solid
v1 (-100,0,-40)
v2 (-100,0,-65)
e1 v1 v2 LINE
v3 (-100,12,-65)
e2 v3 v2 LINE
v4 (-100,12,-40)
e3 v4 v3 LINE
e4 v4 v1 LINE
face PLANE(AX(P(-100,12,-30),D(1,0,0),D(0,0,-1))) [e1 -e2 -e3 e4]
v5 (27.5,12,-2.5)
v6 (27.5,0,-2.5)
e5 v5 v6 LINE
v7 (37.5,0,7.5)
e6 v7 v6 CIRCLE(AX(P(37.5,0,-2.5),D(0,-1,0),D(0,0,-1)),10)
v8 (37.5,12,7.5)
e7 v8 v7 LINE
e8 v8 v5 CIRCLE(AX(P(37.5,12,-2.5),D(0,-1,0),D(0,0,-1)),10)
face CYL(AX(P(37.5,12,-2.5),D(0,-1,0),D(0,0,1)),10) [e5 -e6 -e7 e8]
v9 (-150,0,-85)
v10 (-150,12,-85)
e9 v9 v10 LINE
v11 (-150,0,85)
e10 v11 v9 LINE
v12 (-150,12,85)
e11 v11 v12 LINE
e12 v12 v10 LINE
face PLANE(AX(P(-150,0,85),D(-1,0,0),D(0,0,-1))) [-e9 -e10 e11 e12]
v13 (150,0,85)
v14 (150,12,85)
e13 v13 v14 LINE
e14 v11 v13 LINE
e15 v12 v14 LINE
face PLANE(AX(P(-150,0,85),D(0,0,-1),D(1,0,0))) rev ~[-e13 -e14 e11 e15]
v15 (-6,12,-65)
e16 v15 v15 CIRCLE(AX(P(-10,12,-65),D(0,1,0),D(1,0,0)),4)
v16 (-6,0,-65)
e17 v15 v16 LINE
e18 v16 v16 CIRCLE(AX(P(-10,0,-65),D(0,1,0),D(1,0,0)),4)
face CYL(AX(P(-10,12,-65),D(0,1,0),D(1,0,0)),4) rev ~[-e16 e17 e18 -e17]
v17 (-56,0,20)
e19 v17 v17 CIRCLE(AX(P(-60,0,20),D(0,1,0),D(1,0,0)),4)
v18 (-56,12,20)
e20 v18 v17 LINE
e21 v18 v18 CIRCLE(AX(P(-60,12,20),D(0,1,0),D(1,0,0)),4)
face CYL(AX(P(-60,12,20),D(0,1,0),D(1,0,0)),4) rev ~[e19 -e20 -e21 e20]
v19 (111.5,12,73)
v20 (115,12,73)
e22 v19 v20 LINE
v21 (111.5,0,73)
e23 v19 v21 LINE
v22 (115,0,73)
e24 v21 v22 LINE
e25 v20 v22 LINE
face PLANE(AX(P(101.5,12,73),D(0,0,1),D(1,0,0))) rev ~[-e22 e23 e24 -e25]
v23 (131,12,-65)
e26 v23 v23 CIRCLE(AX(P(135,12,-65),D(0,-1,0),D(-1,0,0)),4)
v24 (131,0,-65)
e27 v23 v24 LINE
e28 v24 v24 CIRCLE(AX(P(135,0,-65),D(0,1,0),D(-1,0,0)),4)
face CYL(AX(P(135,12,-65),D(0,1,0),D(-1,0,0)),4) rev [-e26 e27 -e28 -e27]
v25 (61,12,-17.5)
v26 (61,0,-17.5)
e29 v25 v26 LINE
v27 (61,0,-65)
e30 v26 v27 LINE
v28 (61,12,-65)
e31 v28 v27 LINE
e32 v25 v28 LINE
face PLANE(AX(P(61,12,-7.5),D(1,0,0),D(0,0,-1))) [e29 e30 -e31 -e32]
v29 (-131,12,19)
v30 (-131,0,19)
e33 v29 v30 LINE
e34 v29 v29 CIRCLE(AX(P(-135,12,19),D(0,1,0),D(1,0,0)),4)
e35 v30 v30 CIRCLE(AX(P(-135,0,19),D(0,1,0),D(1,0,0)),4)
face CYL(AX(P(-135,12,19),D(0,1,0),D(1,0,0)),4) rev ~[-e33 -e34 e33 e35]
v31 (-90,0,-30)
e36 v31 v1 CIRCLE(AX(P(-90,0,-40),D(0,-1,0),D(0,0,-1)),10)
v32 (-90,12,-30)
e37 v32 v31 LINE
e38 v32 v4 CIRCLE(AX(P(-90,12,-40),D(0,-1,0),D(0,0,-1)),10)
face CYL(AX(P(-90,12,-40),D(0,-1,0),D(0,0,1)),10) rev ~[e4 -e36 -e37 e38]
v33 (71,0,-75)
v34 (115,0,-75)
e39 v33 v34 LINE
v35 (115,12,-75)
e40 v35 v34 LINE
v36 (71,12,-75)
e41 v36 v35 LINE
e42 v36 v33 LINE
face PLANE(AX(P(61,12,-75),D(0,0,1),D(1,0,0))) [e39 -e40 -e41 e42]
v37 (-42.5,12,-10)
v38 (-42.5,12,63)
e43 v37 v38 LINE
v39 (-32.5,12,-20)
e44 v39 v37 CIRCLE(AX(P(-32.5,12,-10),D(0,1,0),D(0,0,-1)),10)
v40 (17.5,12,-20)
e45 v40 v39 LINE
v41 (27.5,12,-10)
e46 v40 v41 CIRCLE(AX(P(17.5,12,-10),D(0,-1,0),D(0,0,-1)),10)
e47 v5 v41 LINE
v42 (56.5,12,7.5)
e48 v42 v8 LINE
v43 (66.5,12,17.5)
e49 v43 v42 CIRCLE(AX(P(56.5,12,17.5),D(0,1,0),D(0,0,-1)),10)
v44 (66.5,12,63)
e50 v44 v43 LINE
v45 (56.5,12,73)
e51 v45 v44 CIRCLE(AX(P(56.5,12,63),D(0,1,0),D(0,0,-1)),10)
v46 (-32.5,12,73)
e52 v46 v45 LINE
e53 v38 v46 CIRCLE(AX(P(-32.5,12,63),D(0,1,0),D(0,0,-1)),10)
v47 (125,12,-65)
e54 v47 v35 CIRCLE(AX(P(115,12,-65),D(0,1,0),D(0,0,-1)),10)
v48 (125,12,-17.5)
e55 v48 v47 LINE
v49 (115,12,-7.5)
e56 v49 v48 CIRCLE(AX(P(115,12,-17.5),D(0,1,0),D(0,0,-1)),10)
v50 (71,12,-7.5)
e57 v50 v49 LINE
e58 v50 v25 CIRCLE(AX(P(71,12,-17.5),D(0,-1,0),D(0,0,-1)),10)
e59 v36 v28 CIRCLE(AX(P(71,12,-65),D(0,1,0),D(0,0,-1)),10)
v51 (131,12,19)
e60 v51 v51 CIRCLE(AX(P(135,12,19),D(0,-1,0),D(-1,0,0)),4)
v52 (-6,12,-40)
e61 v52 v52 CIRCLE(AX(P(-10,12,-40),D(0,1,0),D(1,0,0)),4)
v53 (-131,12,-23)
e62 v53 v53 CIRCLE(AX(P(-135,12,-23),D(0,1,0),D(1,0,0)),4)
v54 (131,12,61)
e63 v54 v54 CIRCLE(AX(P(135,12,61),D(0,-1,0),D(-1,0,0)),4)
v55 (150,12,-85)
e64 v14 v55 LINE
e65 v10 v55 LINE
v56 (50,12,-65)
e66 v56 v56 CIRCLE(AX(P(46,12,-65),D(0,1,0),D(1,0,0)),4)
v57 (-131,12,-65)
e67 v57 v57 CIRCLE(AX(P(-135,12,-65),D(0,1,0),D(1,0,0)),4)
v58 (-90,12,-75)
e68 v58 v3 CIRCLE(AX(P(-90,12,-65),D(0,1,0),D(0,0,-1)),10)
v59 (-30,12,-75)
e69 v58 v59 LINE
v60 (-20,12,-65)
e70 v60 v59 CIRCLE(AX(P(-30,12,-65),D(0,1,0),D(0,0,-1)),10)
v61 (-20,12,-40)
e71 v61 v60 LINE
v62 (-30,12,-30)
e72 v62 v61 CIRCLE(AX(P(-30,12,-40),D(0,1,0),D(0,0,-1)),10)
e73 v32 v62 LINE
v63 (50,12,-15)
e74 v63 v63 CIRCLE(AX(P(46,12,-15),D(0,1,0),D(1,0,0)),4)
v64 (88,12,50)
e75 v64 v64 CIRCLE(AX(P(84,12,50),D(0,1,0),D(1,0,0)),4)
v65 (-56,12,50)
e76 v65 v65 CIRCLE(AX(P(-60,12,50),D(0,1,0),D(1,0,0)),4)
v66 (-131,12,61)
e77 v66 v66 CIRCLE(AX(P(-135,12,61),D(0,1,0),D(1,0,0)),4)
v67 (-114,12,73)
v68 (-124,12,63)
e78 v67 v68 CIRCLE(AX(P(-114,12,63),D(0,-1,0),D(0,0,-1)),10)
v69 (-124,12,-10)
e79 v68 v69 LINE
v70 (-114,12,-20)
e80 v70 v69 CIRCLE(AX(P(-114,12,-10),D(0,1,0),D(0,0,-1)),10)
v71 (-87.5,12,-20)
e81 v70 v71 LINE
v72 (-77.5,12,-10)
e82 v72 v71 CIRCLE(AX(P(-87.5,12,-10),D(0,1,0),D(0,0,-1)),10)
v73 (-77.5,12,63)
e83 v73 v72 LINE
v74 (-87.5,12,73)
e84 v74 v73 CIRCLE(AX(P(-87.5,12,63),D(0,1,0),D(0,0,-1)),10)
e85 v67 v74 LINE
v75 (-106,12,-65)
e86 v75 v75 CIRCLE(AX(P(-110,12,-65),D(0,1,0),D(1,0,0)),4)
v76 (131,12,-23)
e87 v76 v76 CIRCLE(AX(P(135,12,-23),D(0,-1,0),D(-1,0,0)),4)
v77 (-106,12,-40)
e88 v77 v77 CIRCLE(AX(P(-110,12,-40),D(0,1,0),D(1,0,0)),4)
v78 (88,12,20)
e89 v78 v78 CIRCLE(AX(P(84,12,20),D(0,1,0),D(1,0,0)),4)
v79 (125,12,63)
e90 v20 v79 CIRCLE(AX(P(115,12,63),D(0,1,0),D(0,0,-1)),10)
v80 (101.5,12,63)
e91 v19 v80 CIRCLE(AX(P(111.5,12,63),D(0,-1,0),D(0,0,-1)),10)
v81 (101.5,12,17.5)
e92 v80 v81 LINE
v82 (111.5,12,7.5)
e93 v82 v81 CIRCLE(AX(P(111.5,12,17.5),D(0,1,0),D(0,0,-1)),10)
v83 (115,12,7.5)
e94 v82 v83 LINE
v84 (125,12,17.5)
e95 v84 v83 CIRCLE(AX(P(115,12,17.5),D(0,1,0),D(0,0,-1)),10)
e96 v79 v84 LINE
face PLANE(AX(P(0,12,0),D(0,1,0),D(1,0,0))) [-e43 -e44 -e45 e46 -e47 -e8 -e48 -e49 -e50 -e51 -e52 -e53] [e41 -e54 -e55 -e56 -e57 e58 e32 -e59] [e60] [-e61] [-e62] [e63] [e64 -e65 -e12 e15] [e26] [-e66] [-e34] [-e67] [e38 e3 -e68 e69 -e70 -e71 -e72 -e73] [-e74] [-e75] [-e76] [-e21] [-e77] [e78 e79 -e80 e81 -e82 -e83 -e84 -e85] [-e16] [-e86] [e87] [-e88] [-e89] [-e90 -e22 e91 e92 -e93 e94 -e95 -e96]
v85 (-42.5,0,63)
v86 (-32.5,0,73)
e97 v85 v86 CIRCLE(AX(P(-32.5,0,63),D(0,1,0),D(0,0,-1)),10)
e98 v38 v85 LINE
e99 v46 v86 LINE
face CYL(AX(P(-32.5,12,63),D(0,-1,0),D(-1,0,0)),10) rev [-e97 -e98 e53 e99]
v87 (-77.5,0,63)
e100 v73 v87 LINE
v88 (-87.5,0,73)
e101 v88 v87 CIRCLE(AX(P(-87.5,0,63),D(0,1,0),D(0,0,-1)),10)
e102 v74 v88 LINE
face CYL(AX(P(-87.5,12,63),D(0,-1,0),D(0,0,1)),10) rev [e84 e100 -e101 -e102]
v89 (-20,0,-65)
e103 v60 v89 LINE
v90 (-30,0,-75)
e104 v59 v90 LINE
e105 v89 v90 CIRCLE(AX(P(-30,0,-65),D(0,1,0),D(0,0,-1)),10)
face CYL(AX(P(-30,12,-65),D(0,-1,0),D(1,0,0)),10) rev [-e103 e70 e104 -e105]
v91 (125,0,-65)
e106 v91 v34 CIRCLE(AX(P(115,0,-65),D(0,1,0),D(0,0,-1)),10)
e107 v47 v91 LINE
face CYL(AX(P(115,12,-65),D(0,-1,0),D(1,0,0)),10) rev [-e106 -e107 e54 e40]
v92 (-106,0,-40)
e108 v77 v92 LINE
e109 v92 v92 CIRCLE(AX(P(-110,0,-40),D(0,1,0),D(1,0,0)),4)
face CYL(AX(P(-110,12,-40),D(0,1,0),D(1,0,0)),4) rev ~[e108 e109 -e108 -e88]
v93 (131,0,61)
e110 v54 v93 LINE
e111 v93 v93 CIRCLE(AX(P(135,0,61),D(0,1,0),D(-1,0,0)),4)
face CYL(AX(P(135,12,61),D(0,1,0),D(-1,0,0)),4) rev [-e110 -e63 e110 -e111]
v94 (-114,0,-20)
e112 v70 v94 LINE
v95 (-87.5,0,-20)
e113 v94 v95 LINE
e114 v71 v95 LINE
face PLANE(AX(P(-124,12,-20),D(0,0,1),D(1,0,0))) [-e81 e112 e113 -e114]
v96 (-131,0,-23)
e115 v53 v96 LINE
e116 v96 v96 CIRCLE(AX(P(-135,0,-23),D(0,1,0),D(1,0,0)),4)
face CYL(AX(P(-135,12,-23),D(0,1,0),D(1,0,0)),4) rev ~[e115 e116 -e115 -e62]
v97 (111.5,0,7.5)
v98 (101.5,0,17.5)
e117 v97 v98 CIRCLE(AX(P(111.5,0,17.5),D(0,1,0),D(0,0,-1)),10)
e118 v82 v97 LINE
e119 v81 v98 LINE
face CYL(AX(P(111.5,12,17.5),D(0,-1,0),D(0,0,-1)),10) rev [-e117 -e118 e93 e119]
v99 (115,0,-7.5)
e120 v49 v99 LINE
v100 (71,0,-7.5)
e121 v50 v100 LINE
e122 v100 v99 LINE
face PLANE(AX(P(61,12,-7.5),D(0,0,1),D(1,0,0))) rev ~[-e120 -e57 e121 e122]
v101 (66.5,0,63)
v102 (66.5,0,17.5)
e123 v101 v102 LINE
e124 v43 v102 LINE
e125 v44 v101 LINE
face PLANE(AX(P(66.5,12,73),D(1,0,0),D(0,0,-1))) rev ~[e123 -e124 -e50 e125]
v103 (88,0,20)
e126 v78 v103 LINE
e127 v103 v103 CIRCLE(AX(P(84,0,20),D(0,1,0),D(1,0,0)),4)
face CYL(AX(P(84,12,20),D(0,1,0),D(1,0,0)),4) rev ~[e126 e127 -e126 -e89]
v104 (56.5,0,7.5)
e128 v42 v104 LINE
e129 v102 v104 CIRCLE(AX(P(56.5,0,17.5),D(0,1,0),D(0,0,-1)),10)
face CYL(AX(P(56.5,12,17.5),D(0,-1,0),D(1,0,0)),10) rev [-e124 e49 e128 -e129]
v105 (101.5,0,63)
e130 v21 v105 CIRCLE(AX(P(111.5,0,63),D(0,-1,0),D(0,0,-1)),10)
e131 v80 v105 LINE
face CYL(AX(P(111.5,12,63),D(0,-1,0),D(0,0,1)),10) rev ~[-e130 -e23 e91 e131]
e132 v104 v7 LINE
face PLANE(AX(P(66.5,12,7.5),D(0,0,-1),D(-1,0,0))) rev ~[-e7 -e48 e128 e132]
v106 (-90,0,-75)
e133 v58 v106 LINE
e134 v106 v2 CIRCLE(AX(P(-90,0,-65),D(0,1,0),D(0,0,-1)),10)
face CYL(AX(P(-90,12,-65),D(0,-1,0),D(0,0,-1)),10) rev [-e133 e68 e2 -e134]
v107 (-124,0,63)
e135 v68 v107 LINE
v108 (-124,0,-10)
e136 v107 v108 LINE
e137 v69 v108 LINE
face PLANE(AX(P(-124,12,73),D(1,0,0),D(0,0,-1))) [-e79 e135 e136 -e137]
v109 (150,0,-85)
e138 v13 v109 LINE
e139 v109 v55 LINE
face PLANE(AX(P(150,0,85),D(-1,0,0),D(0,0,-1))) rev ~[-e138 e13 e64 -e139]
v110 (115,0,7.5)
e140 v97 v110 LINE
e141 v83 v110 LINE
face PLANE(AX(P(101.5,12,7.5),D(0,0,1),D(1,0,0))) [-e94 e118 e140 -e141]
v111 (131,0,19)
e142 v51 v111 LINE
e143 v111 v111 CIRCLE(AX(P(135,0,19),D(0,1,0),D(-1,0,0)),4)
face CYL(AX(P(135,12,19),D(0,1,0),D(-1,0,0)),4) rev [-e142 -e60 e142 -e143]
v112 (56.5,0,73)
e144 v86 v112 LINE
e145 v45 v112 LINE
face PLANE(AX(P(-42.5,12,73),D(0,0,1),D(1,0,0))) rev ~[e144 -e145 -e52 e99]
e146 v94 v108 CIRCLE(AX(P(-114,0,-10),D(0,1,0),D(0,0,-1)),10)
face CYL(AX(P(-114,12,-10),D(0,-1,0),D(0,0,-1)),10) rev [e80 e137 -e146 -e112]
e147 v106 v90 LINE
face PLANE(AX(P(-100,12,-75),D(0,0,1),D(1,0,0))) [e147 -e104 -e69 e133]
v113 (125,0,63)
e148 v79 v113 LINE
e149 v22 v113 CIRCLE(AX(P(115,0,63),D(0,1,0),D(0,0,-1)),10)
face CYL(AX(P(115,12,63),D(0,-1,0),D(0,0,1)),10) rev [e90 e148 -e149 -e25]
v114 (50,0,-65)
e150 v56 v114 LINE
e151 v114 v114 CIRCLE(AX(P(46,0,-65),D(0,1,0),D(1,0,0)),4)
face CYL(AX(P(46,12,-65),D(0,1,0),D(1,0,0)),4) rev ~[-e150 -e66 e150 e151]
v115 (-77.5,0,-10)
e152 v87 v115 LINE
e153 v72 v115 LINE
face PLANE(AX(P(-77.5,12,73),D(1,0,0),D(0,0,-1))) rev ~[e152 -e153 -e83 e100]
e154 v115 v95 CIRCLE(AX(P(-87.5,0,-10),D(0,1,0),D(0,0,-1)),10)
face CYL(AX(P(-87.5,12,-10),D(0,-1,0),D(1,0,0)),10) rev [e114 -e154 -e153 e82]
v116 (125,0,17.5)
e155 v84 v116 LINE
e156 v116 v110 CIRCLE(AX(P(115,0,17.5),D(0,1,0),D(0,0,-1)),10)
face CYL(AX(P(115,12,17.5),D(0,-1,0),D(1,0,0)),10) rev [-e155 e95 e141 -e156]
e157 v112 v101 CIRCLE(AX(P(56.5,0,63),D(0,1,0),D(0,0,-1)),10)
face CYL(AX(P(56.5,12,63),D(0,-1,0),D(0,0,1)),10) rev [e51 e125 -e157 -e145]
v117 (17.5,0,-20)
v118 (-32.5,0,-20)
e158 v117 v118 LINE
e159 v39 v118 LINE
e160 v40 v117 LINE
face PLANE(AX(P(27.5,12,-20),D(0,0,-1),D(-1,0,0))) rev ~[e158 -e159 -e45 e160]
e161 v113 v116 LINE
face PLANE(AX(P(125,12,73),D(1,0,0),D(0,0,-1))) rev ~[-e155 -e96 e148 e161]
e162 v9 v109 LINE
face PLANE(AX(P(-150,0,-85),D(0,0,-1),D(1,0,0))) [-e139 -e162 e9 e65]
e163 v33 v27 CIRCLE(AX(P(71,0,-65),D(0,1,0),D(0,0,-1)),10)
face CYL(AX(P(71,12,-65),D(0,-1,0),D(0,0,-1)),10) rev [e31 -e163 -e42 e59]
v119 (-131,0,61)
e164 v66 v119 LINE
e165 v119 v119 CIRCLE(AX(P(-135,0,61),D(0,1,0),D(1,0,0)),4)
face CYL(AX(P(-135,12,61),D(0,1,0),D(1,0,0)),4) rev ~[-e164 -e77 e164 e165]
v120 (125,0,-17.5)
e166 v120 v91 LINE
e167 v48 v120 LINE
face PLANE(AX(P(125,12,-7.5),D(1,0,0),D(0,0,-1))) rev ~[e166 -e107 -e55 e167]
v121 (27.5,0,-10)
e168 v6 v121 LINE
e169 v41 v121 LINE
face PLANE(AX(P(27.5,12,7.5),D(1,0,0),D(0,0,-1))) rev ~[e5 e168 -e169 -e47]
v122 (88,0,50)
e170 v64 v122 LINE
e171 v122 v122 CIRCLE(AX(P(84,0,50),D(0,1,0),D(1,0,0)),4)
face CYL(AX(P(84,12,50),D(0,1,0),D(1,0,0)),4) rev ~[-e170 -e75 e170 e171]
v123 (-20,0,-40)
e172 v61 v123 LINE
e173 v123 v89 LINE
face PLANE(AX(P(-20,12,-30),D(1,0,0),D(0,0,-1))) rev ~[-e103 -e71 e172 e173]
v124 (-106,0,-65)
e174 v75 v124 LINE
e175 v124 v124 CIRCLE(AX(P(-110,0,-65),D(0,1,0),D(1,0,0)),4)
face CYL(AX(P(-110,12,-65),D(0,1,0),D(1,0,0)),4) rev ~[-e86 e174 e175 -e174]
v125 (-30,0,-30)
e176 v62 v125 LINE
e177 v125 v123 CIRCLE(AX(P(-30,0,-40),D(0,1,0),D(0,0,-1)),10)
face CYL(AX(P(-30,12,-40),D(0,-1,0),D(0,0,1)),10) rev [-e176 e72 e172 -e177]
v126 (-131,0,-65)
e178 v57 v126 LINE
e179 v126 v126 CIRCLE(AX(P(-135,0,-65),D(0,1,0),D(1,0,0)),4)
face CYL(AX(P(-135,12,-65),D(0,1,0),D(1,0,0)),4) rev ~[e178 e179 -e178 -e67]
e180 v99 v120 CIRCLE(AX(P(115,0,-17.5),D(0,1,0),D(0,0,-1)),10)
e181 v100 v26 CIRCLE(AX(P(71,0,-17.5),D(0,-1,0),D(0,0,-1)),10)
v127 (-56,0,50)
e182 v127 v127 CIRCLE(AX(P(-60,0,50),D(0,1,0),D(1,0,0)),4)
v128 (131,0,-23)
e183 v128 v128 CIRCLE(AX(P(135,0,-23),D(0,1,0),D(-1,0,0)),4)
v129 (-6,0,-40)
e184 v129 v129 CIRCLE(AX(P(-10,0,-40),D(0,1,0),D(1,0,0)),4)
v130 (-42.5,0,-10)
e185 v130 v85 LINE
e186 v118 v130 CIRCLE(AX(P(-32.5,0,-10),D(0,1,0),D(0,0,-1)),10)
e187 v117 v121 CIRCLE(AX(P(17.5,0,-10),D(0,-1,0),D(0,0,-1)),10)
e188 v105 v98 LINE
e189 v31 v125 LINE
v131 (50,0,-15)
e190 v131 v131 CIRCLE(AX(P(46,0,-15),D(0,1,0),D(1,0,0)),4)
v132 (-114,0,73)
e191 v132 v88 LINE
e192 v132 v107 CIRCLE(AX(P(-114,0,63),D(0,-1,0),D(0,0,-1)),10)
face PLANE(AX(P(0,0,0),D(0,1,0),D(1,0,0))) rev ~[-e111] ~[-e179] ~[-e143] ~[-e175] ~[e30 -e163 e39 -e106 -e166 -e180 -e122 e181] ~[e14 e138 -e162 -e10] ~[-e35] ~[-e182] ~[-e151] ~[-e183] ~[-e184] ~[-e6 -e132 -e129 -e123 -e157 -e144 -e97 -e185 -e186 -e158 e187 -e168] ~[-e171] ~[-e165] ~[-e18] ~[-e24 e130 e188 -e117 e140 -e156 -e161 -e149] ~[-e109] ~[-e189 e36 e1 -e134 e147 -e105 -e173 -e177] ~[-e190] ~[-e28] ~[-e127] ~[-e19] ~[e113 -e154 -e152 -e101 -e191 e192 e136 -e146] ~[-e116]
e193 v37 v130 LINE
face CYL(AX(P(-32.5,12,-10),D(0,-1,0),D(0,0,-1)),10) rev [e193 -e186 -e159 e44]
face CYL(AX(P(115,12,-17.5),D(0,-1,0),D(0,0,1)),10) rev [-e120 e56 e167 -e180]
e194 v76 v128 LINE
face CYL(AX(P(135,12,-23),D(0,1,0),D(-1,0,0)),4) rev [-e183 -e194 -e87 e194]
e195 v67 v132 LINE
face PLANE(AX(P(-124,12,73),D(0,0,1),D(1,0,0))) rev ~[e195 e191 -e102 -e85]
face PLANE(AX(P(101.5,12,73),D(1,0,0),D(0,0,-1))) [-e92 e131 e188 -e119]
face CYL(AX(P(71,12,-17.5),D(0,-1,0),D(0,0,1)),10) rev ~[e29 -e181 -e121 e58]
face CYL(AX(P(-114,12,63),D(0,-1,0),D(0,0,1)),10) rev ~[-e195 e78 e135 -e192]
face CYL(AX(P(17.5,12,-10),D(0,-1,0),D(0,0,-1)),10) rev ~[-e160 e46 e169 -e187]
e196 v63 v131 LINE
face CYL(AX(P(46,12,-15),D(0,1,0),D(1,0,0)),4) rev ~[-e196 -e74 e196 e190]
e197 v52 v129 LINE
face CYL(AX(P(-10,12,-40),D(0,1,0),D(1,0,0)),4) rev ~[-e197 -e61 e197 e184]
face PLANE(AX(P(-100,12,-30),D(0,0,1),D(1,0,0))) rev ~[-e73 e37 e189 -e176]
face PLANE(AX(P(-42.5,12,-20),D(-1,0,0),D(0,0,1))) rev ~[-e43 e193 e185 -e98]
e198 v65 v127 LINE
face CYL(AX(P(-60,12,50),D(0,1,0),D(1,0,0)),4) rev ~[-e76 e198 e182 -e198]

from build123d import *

# Parameters (mm, degrees)
SKETCH1_W           = 300
SKETCH1_H           = 170
BOSS_EXTRUDE1_DEPTH = 12
SKETCH2_R           = 4
CUT_EXTRUDE1_DEPTH  = 13
SKETCH4_R           = 4
CUT_EXTRUDE2_DEPTH  = 13
SKETCH5_R           = 4
CUT_EXTRUDE3_DEPTH  = 13
SKETCH6_W           = 46.5
SKETCH6_H           = 93
SKETCH6_W_2         = 80
SKETCH6_H_2         = 45
SKETCH6_W_3         = 64
SKETCH6_H_3         = 67.5
SKETCH6_W_4         = 23.5
SKETCH6_H_4         = 65.5
CUT_EXTRUDE4_DEPTH  = 13
FILLET1_R           = 10


with BuildPart() as part:
    # Sketch1 → Boss-Extrude1 (new body)
    with BuildSketch(Plane(origin=(0, 0, 0), x_dir=(1, 0, 0), z_dir=(0, 1, 0))):
        Rectangle(SKETCH1_W, SKETCH1_H)
    extrude(amount=BOSS_EXTRUDE1_DEPTH)

    # Sketch2 → Cut-Extrude1 (cut, through all)
    with BuildSketch(Plane(origin=(0, 12, 0), x_dir=(1, 0, 0), z_dir=(0, 1, 0))):
        with Locations((-135, 65)):
            Circle(SKETCH2_R)
        with Locations((-135, 23)):
            Circle(SKETCH2_R)
        with Locations((-135, -19)):
            Circle(SKETCH2_R)
        with Locations((-135, -61)):
            Circle(SKETCH2_R)
        with Locations((-135, -103)):
            Circle(SKETCH2_R)
        with Locations((-135, -145)):
            Circle(SKETCH2_R)
    cut_extrude1 = extrude(amount=-CUT_EXTRUDE1_DEPTH, mode=Mode.SUBTRACT)

    # Mirror1: Cut-Extrude1 across plane
    add(cut_extrude1.mirror(Plane(origin=(0, 0, 0), x_dir=(0, 0, 1), z_dir=(1, 0, 0))), mode=Mode.SUBTRACT)

    # Sketch4 → Cut-Extrude2 (cut, through all)
    with BuildSketch(Plane(origin=(0, 12, 0), x_dir=(1, 0, 0), z_dir=(0, 1, 0))):
        with Locations((-110, 65)):
            Circle(SKETCH4_R)
        with Locations((-10, 65)):
            Circle(SKETCH4_R)
        with Locations((-110, 40)):
            Circle(SKETCH4_R)
        with Locations((-10, 40)):
            Circle(SKETCH4_R)
        with Locations((46, 65)):
            Circle(SKETCH4_R)
        with Locations((46, 15)):
            Circle(SKETCH4_R)
    extrude(amount=-CUT_EXTRUDE2_DEPTH, mode=Mode.SUBTRACT)

    # Sketch5 → Cut-Extrude3 (cut, through all)
    with BuildSketch(Plane(origin=(0, 12, 0), x_dir=(1, 0, 0), z_dir=(0, 1, 0))):
        with Locations((-60, -20)):
            Circle(SKETCH5_R)
        with Locations((-60, -50)):
            Circle(SKETCH5_R)
        with Locations((84, -20)):
            Circle(SKETCH5_R)
        with Locations((84, -50)):
            Circle(SKETCH5_R)
    extrude(amount=-CUT_EXTRUDE3_DEPTH, mode=Mode.SUBTRACT)

    # Sketch6 → Cut-Extrude4 (cut, through all)
    with BuildSketch(Plane(origin=(0, 12, 0), x_dir=(1, 0, 0), z_dir=(0, 1, 0))):
        with Locations((-100.75, -26.5)):
            Rectangle(SKETCH6_W, SKETCH6_H)
        Polygon((27.5, 20), (-42.5, 20), (-42.5, -73), (66.5, -73), (66.5, -7.5), (27.5, -7.5), align=None)
        with Locations((-60, 52.5)):
            Rectangle(SKETCH6_W_2, SKETCH6_H_2)
        with Locations((93, 41.25)):
            Rectangle(SKETCH6_W_3, SKETCH6_H_3)
        with Locations((113.25, -40.25)):
            Rectangle(SKETCH6_W_4, SKETCH6_H_4)
    extrude(amount=-CUT_EXTRUDE4_DEPTH, mode=Mode.SUBTRACT)

    # Fillet1
    fillet1_edges = [part.edges().sort_by_distance(p)[0] for p in [
        (-42.5, 6, 73),
        (-42.5, 6, -20),
        (27.5, 6, -20),
        (27.5, 6, 7.5),
        (66.5, 6, 7.5),
        (66.5, 6, 73),
        (-20, 6, -75),
        (-20, 6, -30),
        (-100, 6, -30),
        (-100, 6, -75),
        (125, 6, -75),
        (125, 6, -7.5),
        (61, 6, -7.5),
        (61, 6, -75),
        (125, 6, 7.5),
        (125, 6, 73),
        (101.5, 6, 73),
        (101.5, 6, 7.5),
        (-124, 6, 73),
        (-124, 6, -20),
        (-77.5, 6, -20),
        (-77.5, 6, 73),
    ]]
    fillet(fillet1_edges, radius=FILLET1_R)


solid = part.part
